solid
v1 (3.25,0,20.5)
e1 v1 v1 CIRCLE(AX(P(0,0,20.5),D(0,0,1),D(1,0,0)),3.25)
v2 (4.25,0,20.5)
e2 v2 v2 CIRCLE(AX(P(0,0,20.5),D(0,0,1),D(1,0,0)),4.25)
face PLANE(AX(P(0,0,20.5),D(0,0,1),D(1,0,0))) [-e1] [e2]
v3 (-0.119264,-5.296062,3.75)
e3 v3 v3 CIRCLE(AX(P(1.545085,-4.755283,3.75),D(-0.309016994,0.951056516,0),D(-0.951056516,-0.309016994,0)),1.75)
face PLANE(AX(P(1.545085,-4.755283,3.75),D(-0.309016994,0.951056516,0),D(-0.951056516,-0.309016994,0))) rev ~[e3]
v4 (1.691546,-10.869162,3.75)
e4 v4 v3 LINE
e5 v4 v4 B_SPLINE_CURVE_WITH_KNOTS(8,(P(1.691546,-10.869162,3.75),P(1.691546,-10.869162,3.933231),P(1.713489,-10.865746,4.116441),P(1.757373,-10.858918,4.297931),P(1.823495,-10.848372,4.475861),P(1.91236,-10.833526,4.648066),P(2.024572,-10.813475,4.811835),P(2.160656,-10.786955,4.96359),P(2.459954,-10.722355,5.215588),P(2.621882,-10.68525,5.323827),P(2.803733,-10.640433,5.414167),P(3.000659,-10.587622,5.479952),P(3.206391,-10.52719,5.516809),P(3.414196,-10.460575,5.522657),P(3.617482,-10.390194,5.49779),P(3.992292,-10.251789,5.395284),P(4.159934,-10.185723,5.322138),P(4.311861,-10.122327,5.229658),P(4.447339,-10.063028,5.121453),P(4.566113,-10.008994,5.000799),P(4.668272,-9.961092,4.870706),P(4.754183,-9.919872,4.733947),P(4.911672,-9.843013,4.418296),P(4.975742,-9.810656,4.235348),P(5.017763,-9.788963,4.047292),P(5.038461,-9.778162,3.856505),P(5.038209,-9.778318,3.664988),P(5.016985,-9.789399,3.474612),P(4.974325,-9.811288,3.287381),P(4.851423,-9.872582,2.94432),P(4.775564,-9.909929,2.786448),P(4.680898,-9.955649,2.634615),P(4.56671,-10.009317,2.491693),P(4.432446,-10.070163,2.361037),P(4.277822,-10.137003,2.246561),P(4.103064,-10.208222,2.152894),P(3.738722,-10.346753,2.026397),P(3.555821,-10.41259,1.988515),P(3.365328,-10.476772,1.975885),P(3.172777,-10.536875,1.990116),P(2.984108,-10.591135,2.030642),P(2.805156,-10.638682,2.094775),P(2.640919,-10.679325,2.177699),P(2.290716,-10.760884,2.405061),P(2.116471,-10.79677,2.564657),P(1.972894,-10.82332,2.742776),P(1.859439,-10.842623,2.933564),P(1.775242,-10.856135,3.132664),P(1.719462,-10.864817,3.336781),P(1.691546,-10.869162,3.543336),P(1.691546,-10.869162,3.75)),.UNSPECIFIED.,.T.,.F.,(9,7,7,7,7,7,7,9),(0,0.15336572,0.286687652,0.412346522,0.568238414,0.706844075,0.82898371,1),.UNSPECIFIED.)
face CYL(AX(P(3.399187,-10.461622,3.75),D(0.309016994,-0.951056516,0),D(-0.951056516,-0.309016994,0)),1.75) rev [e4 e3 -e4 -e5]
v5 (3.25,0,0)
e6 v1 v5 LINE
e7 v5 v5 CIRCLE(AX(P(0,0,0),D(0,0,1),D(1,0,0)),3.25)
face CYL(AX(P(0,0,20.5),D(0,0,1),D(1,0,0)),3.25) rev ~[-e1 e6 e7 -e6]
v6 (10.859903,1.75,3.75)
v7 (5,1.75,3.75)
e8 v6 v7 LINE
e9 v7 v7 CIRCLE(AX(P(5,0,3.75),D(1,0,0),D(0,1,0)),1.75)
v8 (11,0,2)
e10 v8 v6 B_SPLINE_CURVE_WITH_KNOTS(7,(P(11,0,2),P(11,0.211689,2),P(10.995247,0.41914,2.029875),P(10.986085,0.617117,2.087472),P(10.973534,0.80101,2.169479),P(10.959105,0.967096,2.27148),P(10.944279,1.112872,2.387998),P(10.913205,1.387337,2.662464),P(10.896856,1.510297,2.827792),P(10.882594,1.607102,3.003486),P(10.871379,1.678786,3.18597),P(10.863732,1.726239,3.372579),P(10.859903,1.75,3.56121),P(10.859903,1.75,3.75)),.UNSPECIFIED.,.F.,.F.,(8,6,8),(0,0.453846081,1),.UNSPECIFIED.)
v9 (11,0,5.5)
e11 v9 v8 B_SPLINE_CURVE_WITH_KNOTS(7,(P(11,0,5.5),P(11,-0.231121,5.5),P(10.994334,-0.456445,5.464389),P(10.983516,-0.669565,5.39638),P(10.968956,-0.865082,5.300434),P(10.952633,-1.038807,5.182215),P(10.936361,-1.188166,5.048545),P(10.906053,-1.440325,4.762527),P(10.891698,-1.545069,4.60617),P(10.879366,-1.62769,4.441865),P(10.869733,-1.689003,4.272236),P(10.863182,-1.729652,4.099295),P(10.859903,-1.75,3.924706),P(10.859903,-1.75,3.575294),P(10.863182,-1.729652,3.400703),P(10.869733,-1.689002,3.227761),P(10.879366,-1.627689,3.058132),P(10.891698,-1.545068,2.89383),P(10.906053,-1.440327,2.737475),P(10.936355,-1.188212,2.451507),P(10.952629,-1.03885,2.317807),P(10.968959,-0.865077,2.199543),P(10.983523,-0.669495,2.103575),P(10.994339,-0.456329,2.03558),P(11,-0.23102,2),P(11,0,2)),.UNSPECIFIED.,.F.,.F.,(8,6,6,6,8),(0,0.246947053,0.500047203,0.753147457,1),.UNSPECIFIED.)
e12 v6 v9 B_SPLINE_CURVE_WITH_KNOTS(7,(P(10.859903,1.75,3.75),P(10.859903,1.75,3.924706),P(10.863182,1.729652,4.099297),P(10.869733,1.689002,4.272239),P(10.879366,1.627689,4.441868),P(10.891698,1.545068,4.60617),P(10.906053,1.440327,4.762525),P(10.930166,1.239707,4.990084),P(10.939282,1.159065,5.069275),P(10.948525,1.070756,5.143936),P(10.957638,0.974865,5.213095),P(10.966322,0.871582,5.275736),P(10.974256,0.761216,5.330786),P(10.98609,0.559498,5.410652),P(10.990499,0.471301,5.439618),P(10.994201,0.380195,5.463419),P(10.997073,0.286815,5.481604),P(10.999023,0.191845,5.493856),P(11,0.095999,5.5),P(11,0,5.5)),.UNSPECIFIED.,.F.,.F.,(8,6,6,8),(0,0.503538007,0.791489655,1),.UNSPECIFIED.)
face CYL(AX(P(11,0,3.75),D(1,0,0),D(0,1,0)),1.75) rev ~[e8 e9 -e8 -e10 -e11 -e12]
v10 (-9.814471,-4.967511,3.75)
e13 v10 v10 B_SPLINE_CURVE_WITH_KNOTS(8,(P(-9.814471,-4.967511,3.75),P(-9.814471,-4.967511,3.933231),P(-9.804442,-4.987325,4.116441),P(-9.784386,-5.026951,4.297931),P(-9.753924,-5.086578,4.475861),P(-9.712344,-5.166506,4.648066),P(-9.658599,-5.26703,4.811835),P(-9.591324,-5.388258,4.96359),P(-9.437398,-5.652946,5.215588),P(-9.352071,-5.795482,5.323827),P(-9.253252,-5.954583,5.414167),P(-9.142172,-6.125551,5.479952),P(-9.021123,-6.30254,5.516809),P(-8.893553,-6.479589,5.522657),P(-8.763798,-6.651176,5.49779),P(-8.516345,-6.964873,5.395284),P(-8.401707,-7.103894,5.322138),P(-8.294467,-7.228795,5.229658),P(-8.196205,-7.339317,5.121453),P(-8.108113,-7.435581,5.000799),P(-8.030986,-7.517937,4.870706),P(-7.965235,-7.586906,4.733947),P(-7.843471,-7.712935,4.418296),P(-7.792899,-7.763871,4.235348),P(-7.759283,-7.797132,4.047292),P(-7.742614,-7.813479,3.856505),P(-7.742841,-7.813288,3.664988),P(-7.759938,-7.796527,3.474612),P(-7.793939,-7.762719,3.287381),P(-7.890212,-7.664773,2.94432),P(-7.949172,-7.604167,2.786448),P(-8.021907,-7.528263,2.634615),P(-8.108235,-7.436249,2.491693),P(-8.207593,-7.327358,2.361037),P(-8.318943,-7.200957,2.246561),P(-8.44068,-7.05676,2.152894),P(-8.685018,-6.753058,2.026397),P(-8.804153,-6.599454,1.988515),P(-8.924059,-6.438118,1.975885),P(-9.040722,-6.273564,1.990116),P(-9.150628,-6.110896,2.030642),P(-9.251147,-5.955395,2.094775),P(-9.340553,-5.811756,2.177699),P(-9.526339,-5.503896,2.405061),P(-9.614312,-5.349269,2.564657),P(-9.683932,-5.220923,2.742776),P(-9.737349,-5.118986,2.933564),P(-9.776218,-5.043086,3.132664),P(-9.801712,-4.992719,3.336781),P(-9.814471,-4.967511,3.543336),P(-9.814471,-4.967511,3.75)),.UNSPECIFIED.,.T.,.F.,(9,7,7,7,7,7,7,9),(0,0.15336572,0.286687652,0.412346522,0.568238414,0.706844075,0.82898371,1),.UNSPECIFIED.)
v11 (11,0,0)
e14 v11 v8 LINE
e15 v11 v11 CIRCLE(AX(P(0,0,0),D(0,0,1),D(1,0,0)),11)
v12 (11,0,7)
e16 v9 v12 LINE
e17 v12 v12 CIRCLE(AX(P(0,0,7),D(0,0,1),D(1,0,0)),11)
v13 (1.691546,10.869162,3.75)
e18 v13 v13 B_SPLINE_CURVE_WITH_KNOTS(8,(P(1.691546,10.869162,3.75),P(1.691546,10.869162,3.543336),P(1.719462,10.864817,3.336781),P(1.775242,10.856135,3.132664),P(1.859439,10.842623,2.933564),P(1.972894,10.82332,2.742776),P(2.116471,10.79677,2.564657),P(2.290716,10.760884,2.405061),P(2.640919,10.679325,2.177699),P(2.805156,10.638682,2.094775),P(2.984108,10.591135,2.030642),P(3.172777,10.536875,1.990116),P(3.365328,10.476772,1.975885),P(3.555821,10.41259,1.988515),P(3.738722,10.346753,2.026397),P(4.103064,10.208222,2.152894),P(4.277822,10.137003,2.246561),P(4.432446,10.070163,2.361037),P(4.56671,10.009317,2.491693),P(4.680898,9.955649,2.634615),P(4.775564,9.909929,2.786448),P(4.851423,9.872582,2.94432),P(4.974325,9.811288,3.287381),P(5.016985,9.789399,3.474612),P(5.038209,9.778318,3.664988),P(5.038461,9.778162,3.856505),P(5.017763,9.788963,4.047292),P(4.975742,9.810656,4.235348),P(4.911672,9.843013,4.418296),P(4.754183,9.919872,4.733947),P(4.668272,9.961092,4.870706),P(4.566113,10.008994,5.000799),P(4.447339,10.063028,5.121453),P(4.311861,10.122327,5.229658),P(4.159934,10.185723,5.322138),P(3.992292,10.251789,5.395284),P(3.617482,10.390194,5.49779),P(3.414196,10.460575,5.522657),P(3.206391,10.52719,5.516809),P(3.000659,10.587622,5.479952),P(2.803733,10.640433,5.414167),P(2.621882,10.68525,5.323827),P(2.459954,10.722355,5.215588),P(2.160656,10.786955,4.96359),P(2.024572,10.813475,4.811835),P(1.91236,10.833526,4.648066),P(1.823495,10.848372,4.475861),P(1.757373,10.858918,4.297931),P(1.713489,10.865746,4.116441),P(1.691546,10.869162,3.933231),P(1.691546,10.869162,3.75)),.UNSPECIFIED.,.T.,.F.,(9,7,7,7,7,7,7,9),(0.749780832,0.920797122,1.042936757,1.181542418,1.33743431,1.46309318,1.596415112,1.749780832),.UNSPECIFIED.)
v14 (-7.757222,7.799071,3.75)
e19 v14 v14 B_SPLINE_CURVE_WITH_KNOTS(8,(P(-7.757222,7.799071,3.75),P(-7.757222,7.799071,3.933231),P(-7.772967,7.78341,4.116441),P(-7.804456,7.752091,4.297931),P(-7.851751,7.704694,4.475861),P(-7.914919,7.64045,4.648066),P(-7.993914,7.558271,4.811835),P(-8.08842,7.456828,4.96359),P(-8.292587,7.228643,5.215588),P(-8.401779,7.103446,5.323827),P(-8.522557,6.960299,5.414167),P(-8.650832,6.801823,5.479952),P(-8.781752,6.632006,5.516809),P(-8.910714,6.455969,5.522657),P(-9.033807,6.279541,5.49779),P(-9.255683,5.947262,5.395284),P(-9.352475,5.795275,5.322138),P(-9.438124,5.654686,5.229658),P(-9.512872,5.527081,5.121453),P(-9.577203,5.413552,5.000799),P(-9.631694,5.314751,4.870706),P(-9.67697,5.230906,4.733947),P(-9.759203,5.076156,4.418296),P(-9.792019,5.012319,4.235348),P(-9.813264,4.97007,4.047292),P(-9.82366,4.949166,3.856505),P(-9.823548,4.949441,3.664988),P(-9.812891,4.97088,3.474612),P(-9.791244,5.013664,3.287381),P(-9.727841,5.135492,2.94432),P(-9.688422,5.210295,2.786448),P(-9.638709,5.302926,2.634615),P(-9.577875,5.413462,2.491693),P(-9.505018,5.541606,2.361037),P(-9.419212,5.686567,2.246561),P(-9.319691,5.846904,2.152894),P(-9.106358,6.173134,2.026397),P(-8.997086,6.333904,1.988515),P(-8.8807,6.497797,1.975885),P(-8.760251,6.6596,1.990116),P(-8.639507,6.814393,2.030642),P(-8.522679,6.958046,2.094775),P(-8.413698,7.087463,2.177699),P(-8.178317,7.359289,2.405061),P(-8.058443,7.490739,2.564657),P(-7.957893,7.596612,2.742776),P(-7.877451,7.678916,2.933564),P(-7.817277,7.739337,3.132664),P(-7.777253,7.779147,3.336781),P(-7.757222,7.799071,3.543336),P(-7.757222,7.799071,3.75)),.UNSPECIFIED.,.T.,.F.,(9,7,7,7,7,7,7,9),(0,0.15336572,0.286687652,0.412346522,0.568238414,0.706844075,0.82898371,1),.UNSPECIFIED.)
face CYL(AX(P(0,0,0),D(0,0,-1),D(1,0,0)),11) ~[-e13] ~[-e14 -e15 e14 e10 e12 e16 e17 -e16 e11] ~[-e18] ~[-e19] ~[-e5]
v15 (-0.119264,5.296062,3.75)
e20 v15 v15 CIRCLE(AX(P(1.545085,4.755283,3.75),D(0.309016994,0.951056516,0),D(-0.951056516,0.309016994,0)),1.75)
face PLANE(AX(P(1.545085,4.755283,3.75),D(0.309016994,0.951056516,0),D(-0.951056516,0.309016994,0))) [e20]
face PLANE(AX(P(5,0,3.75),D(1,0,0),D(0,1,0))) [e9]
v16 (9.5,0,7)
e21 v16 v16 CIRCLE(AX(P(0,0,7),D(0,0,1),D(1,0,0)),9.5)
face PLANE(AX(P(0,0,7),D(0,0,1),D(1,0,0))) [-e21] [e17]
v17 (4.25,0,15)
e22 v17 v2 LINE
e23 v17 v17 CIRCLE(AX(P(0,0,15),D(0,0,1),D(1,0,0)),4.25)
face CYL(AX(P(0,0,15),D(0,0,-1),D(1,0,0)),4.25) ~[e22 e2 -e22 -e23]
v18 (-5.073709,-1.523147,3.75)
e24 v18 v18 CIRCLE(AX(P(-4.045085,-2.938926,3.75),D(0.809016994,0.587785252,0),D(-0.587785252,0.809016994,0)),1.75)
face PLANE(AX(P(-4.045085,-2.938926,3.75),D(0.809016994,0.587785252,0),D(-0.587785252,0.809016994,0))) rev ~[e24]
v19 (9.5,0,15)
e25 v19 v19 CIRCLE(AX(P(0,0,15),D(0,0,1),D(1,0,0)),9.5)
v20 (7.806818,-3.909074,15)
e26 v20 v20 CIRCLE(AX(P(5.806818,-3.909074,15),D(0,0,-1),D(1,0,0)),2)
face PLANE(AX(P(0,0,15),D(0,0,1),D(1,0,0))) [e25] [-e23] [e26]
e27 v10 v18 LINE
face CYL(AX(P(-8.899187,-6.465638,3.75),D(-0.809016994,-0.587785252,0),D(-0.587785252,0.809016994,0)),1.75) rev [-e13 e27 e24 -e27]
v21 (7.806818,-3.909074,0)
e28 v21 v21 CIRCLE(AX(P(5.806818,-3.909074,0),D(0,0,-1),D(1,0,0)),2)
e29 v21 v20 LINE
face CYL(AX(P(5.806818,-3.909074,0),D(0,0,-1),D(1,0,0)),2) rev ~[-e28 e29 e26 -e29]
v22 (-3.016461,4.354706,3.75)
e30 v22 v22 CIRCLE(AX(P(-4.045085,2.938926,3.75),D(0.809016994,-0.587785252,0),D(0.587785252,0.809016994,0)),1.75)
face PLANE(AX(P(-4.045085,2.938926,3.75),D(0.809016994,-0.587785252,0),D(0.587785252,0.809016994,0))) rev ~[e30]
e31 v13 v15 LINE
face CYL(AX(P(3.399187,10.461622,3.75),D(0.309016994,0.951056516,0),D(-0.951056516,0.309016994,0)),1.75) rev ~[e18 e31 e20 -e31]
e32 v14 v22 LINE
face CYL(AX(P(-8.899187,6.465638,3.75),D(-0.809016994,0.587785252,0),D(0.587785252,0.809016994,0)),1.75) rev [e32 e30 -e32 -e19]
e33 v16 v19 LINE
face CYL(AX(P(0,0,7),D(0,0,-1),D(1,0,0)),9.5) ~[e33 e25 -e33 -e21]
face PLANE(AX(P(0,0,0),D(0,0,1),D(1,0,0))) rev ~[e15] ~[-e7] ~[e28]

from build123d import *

# Parameters (mm, degrees)
F0_R      = 11
F1_DEPTH  = 7
F2_R      = 9.5
F3_DEPTH  = 8
F4_R      = 4.25
F5_DEPTH  = 5.5
F6_R      = 3.25
F7_DEPTH  = 20.501
F10_R     = 1.75
F19_DEPTH = 6
F12_R     = 1.75
F20_DEPTH = 6
F14_R     = 1.75
F21_DEPTH = 6
F16_R     = 1.75
F22_DEPTH = 6
F18_R     = 1.75
F23_DEPTH = 6
F24_R     = 2
F25_DEPTH = 25


with BuildPart() as f1:
    # F0 (on Top) → F1 (new body)
    with BuildSketch(Plane.XY):
        Circle(F0_R)
    extrude(amount=F1_DEPTH)

    # F2 (on face) → F3 (join)
    with BuildSketch(Plane.XY.offset(7)):
        Circle(F2_R)
    extrude(amount=F3_DEPTH)

    # F4 (on face) → F5 (join)
    with BuildSketch(Plane.XY.offset(15)):
        Circle(F4_R)
    extrude(amount=F5_DEPTH)

    # F6 (on face) → F7 (cut, through all)
    with BuildSketch(Plane.XY.offset(20.5)):
        Circle(F6_R)
    extrude(amount=-F7_DEPTH, mode=Mode.SUBTRACT)

    # F10 (on line) → F19 (cut)
    with BuildSketch(Plane.YZ.offset(11)):
        with Locations((0, 3.75)):
            Circle(F10_R)
    extrude(amount=-F19_DEPTH, mode=Mode.SUBTRACT)

    # F12 (on line) → F20 (cut)
    with BuildSketch(Plane(origin=(3.3991869381, -10.4616216792, 0), x_dir=(-0.9510565163, -0.3090169944, 0), z_dir=(-0.3090169944, 0.9510565163, 0))):
        with Locations((0, 3.75)):
            Circle(F12_R)
    extrude(amount=F20_DEPTH, mode=Mode.SUBTRACT)

    # F14 (on face) → F21 (cut)
    with BuildSketch(Plane(origin=(-8.8991869381, -6.4656377752, 0), x_dir=(-0.5877852523, 0.8090169944, 0), z_dir=(0.8090169944, 0.5877852523, 0))):
        with Locations((0, 3.75)):
            Circle(F14_R)
    extrude(amount=F21_DEPTH, mode=Mode.SUBTRACT)

    # F16 (on face) → F22 (cut)
    with BuildSketch(Plane(origin=(-8.8991869381, 6.4656377752, 0), x_dir=(0.5877852523, 0.8090169944, 0), z_dir=(0.8090169944, -0.5877852523, 0))):
        with Locations((0, 3.75)):
            Circle(F16_R)
    extrude(amount=F22_DEPTH, mode=Mode.SUBTRACT)

    # F18 (on line) → F23 (cut)
    with BuildSketch(Plane(origin=(3.3991869381, 10.4616216792, 0), x_dir=(-0.9510565163, 0.3090169944, 0), z_dir=(0.3090169944, 0.9510565163, 0))):
        with Locations((0, 3.75)):
            Circle(F18_R)
    extrude(amount=-F23_DEPTH, mode=Mode.SUBTRACT)

    # F24 (on face) → F25 (cut)
    with BuildSketch(Plane(origin=(0, 0, 0), x_dir=(1, 0, 0), z_dir=(0, 0, -1))):
        with Locations((5.8068181818, 3.9090743921)):
            Circle(F24_R)
    extrude(amount=-F25_DEPTH, mode=Mode.SUBTRACT)


solid = f1.part
